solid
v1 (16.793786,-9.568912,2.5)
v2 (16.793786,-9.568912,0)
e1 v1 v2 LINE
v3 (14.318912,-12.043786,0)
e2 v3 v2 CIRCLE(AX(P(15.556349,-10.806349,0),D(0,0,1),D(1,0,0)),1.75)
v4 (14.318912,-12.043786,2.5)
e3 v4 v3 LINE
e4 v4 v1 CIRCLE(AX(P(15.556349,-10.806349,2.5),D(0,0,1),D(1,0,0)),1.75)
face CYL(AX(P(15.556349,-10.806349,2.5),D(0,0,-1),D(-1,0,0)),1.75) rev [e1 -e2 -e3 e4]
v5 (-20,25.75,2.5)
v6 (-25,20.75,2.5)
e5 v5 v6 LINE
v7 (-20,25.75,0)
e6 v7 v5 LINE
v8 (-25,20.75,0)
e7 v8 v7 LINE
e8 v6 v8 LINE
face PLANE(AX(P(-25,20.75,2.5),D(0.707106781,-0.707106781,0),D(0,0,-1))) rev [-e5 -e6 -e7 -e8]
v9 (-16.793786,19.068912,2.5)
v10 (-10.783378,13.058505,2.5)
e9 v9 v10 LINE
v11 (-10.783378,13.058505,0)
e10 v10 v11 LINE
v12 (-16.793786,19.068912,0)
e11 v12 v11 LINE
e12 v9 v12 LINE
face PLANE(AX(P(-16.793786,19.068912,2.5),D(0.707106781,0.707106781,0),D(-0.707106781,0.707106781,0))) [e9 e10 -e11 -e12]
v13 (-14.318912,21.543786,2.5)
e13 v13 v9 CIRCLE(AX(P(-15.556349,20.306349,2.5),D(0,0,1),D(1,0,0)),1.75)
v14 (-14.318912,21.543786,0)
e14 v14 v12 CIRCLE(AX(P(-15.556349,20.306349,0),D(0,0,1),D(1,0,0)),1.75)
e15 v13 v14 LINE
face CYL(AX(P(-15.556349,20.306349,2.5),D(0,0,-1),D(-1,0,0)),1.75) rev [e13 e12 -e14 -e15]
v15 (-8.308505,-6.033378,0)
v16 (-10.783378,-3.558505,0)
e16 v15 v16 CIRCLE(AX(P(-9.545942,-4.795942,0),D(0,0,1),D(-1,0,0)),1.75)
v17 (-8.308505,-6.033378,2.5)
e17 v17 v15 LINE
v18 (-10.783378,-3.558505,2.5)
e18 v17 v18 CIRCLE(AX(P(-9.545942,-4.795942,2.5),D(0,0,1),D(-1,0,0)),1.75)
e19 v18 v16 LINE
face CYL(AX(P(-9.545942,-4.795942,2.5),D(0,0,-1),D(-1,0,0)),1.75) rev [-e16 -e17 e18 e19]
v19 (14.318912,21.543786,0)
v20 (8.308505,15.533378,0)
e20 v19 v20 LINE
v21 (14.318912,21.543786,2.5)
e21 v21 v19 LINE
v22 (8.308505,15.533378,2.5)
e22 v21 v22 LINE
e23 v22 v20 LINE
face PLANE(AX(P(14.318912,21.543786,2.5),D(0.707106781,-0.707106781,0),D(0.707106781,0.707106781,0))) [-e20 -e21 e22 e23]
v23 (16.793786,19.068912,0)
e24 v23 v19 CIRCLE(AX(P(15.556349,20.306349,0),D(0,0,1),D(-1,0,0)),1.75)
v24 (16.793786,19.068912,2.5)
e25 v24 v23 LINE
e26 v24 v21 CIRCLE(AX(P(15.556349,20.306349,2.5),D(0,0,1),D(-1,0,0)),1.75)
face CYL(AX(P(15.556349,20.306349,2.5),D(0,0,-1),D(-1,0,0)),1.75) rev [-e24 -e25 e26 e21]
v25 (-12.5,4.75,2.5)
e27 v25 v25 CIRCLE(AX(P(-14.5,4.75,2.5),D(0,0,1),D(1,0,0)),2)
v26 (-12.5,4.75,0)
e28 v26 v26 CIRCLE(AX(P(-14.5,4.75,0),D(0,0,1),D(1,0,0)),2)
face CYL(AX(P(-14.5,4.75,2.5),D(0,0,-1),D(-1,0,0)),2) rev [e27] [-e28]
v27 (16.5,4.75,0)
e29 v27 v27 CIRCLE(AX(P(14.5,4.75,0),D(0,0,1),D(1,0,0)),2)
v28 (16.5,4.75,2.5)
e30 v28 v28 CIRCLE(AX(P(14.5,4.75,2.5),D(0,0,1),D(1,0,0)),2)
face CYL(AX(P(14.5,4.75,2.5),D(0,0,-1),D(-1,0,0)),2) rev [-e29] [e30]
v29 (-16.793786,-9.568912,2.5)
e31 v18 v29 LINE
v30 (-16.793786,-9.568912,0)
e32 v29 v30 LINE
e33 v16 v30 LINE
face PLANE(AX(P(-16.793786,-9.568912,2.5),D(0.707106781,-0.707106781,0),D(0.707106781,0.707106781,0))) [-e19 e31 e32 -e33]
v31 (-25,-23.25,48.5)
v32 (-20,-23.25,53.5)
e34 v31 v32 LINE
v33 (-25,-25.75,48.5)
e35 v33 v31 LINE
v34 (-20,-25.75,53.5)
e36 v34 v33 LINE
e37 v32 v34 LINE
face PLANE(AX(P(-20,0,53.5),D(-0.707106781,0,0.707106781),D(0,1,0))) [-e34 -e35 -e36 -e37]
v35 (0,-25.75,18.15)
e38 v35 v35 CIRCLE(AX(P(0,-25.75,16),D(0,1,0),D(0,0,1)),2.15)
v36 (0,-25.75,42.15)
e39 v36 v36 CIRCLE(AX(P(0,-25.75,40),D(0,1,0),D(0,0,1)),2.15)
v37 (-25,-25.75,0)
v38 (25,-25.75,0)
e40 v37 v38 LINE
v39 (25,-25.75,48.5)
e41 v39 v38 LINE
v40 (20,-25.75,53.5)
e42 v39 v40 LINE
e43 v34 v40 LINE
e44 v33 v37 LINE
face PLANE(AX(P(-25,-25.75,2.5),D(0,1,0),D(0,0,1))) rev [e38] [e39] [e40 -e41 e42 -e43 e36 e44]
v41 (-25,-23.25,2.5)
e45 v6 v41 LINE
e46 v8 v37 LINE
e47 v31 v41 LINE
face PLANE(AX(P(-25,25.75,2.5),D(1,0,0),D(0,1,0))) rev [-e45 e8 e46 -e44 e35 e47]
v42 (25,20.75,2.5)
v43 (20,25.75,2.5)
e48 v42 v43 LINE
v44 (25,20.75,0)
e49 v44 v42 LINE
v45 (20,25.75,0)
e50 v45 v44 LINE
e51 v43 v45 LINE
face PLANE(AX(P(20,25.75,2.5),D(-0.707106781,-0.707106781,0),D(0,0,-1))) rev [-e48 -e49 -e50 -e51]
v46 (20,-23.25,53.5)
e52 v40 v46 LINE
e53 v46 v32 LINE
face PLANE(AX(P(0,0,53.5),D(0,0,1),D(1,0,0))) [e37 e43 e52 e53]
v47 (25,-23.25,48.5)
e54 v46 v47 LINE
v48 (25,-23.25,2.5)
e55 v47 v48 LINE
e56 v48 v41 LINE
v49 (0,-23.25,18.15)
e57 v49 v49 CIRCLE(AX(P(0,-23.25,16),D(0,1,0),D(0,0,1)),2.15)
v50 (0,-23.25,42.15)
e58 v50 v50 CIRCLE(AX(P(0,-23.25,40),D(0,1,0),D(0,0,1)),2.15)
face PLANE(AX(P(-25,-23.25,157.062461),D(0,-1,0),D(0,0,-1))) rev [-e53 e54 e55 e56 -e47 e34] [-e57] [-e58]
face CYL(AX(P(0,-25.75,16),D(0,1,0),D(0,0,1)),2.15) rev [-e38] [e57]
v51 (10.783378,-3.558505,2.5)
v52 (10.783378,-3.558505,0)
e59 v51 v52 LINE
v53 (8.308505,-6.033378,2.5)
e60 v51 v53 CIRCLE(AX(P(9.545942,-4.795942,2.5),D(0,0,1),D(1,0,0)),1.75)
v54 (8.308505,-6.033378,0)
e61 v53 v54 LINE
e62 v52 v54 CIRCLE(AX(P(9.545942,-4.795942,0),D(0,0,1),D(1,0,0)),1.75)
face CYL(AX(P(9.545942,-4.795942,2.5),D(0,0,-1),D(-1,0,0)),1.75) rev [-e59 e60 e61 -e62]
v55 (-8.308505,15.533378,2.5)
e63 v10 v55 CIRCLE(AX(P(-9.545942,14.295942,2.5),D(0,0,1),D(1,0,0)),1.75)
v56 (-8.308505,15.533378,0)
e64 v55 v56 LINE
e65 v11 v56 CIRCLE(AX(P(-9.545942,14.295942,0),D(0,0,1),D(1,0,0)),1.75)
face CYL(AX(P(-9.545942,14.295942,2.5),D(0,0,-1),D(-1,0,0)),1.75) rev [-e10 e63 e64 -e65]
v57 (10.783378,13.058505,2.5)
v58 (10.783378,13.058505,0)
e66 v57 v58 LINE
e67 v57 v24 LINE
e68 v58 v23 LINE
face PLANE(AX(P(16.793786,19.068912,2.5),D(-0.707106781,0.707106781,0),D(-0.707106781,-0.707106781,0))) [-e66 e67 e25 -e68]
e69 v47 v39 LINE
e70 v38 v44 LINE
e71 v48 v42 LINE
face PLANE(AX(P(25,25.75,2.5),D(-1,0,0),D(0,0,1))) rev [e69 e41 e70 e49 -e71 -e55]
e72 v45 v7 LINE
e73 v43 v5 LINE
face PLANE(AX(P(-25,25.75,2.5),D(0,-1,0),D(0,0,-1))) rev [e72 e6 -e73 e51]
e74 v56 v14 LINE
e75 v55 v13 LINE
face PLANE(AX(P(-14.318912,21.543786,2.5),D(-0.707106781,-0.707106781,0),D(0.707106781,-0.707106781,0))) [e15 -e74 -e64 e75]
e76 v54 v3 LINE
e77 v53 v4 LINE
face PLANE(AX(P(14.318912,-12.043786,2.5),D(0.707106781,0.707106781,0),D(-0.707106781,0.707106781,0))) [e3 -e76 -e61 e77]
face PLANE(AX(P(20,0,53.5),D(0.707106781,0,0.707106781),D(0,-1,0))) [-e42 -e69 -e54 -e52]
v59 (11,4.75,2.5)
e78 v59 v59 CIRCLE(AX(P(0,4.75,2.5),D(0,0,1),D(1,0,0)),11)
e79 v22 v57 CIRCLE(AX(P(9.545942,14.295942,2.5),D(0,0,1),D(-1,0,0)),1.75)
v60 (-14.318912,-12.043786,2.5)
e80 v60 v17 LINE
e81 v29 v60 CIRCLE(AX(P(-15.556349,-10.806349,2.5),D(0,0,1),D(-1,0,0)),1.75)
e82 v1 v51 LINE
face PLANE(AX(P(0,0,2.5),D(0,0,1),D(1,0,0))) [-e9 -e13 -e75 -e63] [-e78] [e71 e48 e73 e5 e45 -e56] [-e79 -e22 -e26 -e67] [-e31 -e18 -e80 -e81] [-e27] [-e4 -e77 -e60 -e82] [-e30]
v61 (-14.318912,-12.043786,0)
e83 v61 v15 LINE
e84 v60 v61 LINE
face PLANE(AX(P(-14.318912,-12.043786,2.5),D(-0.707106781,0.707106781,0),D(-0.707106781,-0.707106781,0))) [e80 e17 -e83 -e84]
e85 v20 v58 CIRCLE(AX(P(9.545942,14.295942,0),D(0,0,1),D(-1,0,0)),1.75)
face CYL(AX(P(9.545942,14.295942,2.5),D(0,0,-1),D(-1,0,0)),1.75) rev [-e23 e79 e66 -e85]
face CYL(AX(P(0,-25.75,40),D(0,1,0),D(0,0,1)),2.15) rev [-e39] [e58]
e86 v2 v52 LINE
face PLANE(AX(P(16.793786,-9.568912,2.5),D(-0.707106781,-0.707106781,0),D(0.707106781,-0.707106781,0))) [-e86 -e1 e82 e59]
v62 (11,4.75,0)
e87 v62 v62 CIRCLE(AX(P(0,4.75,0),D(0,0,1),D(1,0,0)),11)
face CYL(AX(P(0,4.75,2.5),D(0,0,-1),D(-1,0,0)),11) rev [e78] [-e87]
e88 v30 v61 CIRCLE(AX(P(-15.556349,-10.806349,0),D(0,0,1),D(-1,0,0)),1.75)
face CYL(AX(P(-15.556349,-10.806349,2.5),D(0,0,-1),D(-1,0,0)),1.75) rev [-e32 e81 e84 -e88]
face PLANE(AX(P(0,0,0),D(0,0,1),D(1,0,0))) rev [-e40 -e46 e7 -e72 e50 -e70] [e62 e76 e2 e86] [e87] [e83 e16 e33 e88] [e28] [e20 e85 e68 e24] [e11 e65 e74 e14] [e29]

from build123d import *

# Parameters (mm, degrees)
SKETCH_14_W         = 50
SKETCH_14_H         = 51.5
SKETCH_14_R         = 11
SKETCH_14_R_2       = 2
EXTRUDE_1_DEPTH     = 2.5
SKETCH_16_W         = 50
SKETCH_16_H         = 2.5
EXTRUDE_2_DEPTH     = 51
SKETCH_17_R         = 2.15
CUT_EXTRUDE_1_DEPTH = 3.5
CHAMFER_1_SIZE      = 5


with BuildPart() as part:
    # 草图14 → 凸台-拉伸1 (new body)
    with BuildSketch(Plane.XY):
        Rectangle(SKETCH_14_W, SKETCH_14_H)
        with Locations((0, 4.75)):
            Circle(SKETCH_14_R, mode=Mode.SUBTRACT)
        with Locations((-14.5, 4.75)):
            Circle(SKETCH_14_R_2, mode=Mode.SUBTRACT)
        with Locations((14.5, 4.75)):
            Circle(SKETCH_14_R_2, mode=Mode.SUBTRACT)
        with BuildLine():
            Line((-14.318912319, 21.543786053), (-8.308504679, 15.533378413))
            ThreePointArc((-8.308504679, 15.533378413), (-8.308504679, 13.058504679), (-10.783378413, 13.058504679))
            Line((-10.783378413, 13.058504679), (-16.793786053, 19.068912319))
            ThreePointArc((-16.793786053, 19.068912319), (-16.793786053, 21.543786053), (-14.318912319, 21.543786053))
        make_face(mode=Mode.SUBTRACT)
        with BuildLine():
            Line((14.318912319, 21.543786053), (8.308504679, 15.533378413))
            ThreePointArc((8.308504679, 15.533378413), (8.308504679, 13.058504679), (10.783378413, 13.058504679))
            Line((10.783378413, 13.058504679), (16.793786053, 19.068912319))
            ThreePointArc((16.793786053, 19.068912319), (16.793786053, 21.543786053), (14.318912319, 21.543786053))
        make_face(mode=Mode.SUBTRACT)
        with BuildLine():
            Line((-14.318912319, -12.043786053), (-8.308504679, -6.033378413))
            ThreePointArc((-8.308504679, -6.033378413), (-8.308504679, -3.558504679), (-10.783378413, -3.558504679))
            Line((-10.783378413, -3.558504679), (-16.793786053, -9.568912319))
            ThreePointArc((-16.793786053, -9.568912319), (-16.793786053, -12.043786053), (-14.318912319, -12.043786053))
        make_face(mode=Mode.SUBTRACT)
        with BuildLine():
            Line((14.318912319, -12.043786053), (8.308504679, -6.033378413))
            ThreePointArc((8.308504679, -6.033378413), (8.308504679, -3.558504679), (10.783378413, -3.558504679))
            Line((10.783378413, -3.558504679), (16.793786053, -9.568912319))
            ThreePointArc((16.793786053, -9.568912319), (16.793786053, -12.043786053), (14.318912319, -12.043786053))
        make_face(mode=Mode.SUBTRACT)
    extrude(amount=EXTRUDE_1_DEPTH)

    # 草图16 → 凸台-拉伸2 (add)
    with BuildSketch(Plane.XY.offset(2.5)):
        with Locations((0, -24.5)):
            Rectangle(SKETCH_16_W, SKETCH_16_H)
    extrude(amount=EXTRUDE_2_DEPTH)

    # 草图17 → 切除-拉伸1 (cut, through all)
    with BuildSketch(Plane(origin=(0, -23.25, 0), x_dir=(1, 0, 0), z_dir=(0, 1, 0))):
        with Locations((0, -40)):
            Circle(SKETCH_17_R)
        with Locations((0, -16)):
            Circle(SKETCH_17_R)
    extrude(amount=-CUT_EXTRUDE_1_DEPTH, mode=Mode.SUBTRACT)

    # 倒角1
    chamfer_1_edges = [part.edges().sort_by_distance(p)[0] for p in [
        (-25, 25.75, 1.25),
        (25, 25.75, 1.25),
        (-25, -24.5, 53.5),
        (25, -24.5, 53.5),
    ]]
    chamfer(chamfer_1_edges, length=CHAMFER_1_SIZE)


solid = part.part
